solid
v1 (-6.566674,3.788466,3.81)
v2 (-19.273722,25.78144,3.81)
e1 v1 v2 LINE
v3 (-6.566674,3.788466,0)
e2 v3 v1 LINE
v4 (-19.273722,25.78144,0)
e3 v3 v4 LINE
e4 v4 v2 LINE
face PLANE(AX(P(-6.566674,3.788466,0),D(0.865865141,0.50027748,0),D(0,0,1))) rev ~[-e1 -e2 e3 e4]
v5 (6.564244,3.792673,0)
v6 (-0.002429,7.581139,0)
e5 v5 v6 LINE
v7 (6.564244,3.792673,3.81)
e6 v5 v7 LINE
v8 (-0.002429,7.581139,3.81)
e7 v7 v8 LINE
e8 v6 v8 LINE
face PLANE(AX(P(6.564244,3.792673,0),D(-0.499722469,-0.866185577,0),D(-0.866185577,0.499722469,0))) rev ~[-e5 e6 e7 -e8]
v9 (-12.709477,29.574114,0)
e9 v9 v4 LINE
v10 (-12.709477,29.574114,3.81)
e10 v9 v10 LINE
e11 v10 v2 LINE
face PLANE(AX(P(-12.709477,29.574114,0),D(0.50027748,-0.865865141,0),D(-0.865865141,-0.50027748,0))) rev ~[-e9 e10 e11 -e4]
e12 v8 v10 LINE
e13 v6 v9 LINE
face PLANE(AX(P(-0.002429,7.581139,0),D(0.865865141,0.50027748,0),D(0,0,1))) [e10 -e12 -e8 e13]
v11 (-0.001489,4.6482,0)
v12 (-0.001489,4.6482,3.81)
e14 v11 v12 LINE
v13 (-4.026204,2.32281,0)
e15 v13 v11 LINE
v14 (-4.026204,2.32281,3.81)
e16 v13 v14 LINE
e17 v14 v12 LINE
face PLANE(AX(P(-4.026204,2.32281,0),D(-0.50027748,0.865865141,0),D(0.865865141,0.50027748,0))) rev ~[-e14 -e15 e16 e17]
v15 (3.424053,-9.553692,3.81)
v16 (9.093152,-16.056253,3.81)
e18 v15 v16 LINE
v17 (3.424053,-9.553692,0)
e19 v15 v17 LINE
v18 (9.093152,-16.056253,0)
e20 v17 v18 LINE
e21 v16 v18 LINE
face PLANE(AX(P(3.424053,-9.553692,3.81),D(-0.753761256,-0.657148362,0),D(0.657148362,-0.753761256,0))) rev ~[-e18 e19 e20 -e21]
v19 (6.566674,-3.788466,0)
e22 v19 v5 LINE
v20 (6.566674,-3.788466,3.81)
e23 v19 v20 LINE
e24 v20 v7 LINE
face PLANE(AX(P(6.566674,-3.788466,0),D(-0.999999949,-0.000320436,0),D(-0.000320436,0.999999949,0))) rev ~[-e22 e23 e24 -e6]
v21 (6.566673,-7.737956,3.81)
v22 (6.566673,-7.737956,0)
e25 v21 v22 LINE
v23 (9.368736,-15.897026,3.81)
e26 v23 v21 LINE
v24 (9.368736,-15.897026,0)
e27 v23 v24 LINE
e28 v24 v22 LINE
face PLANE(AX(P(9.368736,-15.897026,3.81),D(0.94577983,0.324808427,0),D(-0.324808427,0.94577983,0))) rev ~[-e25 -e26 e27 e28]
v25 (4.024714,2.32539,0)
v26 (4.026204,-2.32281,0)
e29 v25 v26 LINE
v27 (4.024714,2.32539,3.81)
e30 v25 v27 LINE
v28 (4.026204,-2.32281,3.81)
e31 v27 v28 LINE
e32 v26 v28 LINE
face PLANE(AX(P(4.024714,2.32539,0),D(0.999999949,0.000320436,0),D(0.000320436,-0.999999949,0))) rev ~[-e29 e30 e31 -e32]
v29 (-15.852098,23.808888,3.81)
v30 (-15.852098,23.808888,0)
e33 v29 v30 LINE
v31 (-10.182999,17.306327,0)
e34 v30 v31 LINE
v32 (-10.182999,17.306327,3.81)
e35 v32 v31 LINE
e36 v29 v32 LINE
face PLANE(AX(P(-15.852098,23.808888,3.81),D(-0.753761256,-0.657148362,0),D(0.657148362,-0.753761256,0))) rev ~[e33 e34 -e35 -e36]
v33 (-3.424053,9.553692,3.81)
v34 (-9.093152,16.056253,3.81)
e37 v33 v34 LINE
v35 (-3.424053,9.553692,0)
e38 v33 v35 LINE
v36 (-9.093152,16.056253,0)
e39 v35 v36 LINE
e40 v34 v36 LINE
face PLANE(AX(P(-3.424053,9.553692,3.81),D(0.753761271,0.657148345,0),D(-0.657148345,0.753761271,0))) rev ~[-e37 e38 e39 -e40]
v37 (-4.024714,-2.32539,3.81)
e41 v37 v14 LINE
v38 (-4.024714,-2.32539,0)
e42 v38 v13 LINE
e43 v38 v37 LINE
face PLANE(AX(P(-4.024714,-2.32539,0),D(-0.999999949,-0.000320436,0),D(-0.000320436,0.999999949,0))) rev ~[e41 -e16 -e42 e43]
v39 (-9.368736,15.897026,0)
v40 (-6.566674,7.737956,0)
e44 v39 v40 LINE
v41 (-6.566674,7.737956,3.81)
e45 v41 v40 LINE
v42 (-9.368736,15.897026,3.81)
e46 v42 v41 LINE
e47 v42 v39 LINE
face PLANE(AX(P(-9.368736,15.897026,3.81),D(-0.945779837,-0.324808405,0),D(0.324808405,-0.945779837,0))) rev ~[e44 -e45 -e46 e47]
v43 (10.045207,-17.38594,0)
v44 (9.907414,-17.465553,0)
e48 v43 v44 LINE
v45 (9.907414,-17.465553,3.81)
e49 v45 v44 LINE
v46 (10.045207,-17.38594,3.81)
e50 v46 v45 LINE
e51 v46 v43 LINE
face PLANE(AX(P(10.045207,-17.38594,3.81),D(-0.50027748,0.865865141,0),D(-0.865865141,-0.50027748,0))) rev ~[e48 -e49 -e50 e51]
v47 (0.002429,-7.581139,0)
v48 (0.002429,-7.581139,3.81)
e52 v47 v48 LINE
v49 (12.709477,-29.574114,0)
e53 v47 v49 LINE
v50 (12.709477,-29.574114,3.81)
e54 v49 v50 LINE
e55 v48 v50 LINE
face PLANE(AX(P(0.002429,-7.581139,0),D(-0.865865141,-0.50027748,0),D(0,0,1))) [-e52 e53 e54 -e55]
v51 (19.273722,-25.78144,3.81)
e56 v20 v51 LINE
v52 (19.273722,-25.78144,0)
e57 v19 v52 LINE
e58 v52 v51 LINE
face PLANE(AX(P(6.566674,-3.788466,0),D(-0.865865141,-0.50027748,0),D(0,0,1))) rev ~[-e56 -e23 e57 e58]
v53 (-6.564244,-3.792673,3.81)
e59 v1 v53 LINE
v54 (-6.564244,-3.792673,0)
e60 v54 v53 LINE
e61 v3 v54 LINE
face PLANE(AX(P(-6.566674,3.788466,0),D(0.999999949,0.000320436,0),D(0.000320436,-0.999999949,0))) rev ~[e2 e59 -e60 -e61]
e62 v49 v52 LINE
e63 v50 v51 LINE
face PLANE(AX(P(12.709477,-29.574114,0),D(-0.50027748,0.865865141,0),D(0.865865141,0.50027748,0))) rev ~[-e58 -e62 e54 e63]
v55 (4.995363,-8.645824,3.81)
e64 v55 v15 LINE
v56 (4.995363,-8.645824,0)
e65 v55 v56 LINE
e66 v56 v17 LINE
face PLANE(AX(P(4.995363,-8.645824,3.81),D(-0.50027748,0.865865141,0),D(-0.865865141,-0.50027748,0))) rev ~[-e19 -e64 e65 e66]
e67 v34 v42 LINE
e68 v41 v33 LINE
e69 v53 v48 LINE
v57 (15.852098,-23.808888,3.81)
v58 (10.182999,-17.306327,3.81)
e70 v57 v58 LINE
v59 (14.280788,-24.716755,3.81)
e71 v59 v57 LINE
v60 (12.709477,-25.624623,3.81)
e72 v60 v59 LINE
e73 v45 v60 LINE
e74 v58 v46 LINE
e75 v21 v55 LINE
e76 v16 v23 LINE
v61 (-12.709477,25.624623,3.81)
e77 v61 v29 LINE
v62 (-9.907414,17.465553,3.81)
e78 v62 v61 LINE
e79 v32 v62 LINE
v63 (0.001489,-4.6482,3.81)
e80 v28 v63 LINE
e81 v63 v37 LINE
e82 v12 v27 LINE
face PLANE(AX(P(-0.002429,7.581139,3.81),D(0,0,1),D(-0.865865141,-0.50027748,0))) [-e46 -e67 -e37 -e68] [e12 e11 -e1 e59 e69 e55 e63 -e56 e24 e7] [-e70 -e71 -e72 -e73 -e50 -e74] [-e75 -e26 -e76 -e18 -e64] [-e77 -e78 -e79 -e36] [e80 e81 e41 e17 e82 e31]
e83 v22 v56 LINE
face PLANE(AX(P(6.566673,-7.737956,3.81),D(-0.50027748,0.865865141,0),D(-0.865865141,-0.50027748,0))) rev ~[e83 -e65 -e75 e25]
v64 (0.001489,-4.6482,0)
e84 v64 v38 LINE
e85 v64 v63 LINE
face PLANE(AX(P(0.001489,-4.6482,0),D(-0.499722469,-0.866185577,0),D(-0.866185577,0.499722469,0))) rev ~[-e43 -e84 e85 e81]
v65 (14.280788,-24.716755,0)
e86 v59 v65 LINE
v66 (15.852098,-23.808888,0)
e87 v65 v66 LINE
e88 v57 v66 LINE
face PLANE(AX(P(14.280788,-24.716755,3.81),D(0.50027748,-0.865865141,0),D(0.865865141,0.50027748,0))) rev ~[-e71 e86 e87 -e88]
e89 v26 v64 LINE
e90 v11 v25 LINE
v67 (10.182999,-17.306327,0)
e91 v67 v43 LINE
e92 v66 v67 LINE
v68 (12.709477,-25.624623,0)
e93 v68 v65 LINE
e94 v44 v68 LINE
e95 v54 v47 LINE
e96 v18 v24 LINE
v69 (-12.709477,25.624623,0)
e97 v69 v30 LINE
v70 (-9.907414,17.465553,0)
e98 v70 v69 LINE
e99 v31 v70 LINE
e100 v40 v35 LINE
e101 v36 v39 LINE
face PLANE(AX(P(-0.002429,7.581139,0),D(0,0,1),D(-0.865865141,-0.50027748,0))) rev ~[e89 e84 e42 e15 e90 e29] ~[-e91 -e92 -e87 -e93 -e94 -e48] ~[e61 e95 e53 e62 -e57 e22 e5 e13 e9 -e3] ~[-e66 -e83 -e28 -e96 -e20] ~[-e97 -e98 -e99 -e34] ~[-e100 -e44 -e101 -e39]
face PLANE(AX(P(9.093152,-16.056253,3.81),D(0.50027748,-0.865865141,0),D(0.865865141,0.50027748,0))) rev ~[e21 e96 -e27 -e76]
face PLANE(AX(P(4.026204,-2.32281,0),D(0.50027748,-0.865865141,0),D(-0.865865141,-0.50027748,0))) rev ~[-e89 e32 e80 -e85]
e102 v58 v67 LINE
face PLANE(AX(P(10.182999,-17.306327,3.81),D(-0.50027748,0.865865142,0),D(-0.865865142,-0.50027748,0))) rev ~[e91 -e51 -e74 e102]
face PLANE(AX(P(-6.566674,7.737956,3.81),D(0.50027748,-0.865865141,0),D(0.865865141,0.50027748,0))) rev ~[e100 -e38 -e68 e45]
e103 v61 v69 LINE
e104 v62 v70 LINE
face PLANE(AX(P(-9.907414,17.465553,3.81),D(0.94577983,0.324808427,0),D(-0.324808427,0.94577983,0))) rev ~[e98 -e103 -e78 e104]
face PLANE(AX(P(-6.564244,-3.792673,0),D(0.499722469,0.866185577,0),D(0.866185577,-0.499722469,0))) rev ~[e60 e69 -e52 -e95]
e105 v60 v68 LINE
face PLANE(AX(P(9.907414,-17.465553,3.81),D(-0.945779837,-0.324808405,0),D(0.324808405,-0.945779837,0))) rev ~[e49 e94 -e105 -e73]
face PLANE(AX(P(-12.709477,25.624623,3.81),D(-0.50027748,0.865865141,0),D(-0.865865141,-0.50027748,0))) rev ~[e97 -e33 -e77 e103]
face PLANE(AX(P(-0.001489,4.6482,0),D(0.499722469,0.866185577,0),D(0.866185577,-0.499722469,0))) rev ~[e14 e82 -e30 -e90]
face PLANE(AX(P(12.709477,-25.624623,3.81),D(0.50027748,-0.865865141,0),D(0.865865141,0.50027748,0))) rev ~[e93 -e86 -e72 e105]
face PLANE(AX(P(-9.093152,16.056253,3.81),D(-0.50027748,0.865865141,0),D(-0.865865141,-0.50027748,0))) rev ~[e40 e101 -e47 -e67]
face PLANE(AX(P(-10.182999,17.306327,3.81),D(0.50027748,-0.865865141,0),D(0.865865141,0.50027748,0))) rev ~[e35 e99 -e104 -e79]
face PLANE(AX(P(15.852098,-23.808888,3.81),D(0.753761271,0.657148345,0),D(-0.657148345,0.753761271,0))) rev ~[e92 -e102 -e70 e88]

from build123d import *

# Parameters (mm, degrees)
F1_DEPTH = 3.81
F2_DEPTH = 25.4
F4_DEPTH = 25.4
F5_DEPTH = 25.4
F7_DEPTH = 25.4


with BuildPart() as f1:
    # F0 (on Top) → F1 (new body)
    with BuildSketch(Plane.XY):
        Polygon((6.5642443103, 3.7926732977), (-0.0024292689, 7.5811389783), (-6.5666735793, 3.7884656805), (-6.5642443103, -3.7926732977), (0.0024292689, -7.5811389783), (6.5666735793, -3.7884656805), align=None)
        Polygon((-4.0262038002, 2.3228099792), (-0.00148945, 4.6481997614), (4.0247143502, 2.3253897822), (4.0262038002, -2.3228099792), (0.00148945, -4.6481997614), (-4.0247143502, -2.3253897822), align=None, mode=Mode.SUBTRACT)
    extrude(amount=F1_DEPTH)

    # F2 (add): a face of the model
    f2_faces = [f1.faces().sort_by_distance(p)[0] for p in [
        (3.2845514241, -5.6848023294, 1.905),
    ]]
    extrude(f2_faces, amount=F2_DEPTH)

    # F3 (on face) → F4 (cut)
    with BuildSketch(Plane.XY.offset(3.81)):
        Polygon((3.4240530816, -9.5536917259), (9.0931520865, -16.0562525411), (9.3687364086, -15.8970260939), (6.5666733931, -7.7379561169), (4.9953633304, -8.6458238677), align=None)
        Polygon((9.9074144135, -17.4655531656), (12.7094772591, -25.6246232408), (14.2807875079, -24.7167553825), (10.0452065827, -17.3859399373), align=None)
        Polygon((10.0452065827, -17.3859399373), (14.2807875079, -24.7167553825), (15.8520975706, -23.8088876318), (10.1829987356, -17.3063267185), align=None)
    extrude(amount=-F4_DEPTH, mode=Mode.SUBTRACT)

    # F5 (add): a face of the model
    f5_faces = [f1.faces().sort_by_distance(p)[0] for p in [
        (-3.2845514241, 5.6848023294, 1.905),
    ]]
    extrude(f5_faces, amount=F5_DEPTH)

    # F6 (on face) → F7 (cut)
    with BuildSketch(Plane.XY.offset(3.81)):
        Polygon((6.5666733931, -7.7379561169), (3.4240530816, -9.5536917259), (9.0931520865, -16.0562525411), (9.3687364086, -15.8970260939), align=None)
        Polygon((12.7094772591, -25.6246232408), (15.8520975706, -23.8088876318), (10.1829987356, -17.3063267185), (9.9074144135, -17.4655531656), align=None)
        Polygon((-9.3687364249, 15.8970260845), (-6.5666735793, 7.7379560094), (-3.4240532678, 9.5536916184), (-9.0931521028, 16.0562525317), align=None)
        Polygon((-9.9074144298, 17.4655531562), (-12.7094774453, 25.6246231332), (-15.8520977568, 23.8088875242), (-10.1829987519, 17.306326709), align=None)
    extrude(amount=-F7_DEPTH, mode=Mode.SUBTRACT)


solid = f1.part
